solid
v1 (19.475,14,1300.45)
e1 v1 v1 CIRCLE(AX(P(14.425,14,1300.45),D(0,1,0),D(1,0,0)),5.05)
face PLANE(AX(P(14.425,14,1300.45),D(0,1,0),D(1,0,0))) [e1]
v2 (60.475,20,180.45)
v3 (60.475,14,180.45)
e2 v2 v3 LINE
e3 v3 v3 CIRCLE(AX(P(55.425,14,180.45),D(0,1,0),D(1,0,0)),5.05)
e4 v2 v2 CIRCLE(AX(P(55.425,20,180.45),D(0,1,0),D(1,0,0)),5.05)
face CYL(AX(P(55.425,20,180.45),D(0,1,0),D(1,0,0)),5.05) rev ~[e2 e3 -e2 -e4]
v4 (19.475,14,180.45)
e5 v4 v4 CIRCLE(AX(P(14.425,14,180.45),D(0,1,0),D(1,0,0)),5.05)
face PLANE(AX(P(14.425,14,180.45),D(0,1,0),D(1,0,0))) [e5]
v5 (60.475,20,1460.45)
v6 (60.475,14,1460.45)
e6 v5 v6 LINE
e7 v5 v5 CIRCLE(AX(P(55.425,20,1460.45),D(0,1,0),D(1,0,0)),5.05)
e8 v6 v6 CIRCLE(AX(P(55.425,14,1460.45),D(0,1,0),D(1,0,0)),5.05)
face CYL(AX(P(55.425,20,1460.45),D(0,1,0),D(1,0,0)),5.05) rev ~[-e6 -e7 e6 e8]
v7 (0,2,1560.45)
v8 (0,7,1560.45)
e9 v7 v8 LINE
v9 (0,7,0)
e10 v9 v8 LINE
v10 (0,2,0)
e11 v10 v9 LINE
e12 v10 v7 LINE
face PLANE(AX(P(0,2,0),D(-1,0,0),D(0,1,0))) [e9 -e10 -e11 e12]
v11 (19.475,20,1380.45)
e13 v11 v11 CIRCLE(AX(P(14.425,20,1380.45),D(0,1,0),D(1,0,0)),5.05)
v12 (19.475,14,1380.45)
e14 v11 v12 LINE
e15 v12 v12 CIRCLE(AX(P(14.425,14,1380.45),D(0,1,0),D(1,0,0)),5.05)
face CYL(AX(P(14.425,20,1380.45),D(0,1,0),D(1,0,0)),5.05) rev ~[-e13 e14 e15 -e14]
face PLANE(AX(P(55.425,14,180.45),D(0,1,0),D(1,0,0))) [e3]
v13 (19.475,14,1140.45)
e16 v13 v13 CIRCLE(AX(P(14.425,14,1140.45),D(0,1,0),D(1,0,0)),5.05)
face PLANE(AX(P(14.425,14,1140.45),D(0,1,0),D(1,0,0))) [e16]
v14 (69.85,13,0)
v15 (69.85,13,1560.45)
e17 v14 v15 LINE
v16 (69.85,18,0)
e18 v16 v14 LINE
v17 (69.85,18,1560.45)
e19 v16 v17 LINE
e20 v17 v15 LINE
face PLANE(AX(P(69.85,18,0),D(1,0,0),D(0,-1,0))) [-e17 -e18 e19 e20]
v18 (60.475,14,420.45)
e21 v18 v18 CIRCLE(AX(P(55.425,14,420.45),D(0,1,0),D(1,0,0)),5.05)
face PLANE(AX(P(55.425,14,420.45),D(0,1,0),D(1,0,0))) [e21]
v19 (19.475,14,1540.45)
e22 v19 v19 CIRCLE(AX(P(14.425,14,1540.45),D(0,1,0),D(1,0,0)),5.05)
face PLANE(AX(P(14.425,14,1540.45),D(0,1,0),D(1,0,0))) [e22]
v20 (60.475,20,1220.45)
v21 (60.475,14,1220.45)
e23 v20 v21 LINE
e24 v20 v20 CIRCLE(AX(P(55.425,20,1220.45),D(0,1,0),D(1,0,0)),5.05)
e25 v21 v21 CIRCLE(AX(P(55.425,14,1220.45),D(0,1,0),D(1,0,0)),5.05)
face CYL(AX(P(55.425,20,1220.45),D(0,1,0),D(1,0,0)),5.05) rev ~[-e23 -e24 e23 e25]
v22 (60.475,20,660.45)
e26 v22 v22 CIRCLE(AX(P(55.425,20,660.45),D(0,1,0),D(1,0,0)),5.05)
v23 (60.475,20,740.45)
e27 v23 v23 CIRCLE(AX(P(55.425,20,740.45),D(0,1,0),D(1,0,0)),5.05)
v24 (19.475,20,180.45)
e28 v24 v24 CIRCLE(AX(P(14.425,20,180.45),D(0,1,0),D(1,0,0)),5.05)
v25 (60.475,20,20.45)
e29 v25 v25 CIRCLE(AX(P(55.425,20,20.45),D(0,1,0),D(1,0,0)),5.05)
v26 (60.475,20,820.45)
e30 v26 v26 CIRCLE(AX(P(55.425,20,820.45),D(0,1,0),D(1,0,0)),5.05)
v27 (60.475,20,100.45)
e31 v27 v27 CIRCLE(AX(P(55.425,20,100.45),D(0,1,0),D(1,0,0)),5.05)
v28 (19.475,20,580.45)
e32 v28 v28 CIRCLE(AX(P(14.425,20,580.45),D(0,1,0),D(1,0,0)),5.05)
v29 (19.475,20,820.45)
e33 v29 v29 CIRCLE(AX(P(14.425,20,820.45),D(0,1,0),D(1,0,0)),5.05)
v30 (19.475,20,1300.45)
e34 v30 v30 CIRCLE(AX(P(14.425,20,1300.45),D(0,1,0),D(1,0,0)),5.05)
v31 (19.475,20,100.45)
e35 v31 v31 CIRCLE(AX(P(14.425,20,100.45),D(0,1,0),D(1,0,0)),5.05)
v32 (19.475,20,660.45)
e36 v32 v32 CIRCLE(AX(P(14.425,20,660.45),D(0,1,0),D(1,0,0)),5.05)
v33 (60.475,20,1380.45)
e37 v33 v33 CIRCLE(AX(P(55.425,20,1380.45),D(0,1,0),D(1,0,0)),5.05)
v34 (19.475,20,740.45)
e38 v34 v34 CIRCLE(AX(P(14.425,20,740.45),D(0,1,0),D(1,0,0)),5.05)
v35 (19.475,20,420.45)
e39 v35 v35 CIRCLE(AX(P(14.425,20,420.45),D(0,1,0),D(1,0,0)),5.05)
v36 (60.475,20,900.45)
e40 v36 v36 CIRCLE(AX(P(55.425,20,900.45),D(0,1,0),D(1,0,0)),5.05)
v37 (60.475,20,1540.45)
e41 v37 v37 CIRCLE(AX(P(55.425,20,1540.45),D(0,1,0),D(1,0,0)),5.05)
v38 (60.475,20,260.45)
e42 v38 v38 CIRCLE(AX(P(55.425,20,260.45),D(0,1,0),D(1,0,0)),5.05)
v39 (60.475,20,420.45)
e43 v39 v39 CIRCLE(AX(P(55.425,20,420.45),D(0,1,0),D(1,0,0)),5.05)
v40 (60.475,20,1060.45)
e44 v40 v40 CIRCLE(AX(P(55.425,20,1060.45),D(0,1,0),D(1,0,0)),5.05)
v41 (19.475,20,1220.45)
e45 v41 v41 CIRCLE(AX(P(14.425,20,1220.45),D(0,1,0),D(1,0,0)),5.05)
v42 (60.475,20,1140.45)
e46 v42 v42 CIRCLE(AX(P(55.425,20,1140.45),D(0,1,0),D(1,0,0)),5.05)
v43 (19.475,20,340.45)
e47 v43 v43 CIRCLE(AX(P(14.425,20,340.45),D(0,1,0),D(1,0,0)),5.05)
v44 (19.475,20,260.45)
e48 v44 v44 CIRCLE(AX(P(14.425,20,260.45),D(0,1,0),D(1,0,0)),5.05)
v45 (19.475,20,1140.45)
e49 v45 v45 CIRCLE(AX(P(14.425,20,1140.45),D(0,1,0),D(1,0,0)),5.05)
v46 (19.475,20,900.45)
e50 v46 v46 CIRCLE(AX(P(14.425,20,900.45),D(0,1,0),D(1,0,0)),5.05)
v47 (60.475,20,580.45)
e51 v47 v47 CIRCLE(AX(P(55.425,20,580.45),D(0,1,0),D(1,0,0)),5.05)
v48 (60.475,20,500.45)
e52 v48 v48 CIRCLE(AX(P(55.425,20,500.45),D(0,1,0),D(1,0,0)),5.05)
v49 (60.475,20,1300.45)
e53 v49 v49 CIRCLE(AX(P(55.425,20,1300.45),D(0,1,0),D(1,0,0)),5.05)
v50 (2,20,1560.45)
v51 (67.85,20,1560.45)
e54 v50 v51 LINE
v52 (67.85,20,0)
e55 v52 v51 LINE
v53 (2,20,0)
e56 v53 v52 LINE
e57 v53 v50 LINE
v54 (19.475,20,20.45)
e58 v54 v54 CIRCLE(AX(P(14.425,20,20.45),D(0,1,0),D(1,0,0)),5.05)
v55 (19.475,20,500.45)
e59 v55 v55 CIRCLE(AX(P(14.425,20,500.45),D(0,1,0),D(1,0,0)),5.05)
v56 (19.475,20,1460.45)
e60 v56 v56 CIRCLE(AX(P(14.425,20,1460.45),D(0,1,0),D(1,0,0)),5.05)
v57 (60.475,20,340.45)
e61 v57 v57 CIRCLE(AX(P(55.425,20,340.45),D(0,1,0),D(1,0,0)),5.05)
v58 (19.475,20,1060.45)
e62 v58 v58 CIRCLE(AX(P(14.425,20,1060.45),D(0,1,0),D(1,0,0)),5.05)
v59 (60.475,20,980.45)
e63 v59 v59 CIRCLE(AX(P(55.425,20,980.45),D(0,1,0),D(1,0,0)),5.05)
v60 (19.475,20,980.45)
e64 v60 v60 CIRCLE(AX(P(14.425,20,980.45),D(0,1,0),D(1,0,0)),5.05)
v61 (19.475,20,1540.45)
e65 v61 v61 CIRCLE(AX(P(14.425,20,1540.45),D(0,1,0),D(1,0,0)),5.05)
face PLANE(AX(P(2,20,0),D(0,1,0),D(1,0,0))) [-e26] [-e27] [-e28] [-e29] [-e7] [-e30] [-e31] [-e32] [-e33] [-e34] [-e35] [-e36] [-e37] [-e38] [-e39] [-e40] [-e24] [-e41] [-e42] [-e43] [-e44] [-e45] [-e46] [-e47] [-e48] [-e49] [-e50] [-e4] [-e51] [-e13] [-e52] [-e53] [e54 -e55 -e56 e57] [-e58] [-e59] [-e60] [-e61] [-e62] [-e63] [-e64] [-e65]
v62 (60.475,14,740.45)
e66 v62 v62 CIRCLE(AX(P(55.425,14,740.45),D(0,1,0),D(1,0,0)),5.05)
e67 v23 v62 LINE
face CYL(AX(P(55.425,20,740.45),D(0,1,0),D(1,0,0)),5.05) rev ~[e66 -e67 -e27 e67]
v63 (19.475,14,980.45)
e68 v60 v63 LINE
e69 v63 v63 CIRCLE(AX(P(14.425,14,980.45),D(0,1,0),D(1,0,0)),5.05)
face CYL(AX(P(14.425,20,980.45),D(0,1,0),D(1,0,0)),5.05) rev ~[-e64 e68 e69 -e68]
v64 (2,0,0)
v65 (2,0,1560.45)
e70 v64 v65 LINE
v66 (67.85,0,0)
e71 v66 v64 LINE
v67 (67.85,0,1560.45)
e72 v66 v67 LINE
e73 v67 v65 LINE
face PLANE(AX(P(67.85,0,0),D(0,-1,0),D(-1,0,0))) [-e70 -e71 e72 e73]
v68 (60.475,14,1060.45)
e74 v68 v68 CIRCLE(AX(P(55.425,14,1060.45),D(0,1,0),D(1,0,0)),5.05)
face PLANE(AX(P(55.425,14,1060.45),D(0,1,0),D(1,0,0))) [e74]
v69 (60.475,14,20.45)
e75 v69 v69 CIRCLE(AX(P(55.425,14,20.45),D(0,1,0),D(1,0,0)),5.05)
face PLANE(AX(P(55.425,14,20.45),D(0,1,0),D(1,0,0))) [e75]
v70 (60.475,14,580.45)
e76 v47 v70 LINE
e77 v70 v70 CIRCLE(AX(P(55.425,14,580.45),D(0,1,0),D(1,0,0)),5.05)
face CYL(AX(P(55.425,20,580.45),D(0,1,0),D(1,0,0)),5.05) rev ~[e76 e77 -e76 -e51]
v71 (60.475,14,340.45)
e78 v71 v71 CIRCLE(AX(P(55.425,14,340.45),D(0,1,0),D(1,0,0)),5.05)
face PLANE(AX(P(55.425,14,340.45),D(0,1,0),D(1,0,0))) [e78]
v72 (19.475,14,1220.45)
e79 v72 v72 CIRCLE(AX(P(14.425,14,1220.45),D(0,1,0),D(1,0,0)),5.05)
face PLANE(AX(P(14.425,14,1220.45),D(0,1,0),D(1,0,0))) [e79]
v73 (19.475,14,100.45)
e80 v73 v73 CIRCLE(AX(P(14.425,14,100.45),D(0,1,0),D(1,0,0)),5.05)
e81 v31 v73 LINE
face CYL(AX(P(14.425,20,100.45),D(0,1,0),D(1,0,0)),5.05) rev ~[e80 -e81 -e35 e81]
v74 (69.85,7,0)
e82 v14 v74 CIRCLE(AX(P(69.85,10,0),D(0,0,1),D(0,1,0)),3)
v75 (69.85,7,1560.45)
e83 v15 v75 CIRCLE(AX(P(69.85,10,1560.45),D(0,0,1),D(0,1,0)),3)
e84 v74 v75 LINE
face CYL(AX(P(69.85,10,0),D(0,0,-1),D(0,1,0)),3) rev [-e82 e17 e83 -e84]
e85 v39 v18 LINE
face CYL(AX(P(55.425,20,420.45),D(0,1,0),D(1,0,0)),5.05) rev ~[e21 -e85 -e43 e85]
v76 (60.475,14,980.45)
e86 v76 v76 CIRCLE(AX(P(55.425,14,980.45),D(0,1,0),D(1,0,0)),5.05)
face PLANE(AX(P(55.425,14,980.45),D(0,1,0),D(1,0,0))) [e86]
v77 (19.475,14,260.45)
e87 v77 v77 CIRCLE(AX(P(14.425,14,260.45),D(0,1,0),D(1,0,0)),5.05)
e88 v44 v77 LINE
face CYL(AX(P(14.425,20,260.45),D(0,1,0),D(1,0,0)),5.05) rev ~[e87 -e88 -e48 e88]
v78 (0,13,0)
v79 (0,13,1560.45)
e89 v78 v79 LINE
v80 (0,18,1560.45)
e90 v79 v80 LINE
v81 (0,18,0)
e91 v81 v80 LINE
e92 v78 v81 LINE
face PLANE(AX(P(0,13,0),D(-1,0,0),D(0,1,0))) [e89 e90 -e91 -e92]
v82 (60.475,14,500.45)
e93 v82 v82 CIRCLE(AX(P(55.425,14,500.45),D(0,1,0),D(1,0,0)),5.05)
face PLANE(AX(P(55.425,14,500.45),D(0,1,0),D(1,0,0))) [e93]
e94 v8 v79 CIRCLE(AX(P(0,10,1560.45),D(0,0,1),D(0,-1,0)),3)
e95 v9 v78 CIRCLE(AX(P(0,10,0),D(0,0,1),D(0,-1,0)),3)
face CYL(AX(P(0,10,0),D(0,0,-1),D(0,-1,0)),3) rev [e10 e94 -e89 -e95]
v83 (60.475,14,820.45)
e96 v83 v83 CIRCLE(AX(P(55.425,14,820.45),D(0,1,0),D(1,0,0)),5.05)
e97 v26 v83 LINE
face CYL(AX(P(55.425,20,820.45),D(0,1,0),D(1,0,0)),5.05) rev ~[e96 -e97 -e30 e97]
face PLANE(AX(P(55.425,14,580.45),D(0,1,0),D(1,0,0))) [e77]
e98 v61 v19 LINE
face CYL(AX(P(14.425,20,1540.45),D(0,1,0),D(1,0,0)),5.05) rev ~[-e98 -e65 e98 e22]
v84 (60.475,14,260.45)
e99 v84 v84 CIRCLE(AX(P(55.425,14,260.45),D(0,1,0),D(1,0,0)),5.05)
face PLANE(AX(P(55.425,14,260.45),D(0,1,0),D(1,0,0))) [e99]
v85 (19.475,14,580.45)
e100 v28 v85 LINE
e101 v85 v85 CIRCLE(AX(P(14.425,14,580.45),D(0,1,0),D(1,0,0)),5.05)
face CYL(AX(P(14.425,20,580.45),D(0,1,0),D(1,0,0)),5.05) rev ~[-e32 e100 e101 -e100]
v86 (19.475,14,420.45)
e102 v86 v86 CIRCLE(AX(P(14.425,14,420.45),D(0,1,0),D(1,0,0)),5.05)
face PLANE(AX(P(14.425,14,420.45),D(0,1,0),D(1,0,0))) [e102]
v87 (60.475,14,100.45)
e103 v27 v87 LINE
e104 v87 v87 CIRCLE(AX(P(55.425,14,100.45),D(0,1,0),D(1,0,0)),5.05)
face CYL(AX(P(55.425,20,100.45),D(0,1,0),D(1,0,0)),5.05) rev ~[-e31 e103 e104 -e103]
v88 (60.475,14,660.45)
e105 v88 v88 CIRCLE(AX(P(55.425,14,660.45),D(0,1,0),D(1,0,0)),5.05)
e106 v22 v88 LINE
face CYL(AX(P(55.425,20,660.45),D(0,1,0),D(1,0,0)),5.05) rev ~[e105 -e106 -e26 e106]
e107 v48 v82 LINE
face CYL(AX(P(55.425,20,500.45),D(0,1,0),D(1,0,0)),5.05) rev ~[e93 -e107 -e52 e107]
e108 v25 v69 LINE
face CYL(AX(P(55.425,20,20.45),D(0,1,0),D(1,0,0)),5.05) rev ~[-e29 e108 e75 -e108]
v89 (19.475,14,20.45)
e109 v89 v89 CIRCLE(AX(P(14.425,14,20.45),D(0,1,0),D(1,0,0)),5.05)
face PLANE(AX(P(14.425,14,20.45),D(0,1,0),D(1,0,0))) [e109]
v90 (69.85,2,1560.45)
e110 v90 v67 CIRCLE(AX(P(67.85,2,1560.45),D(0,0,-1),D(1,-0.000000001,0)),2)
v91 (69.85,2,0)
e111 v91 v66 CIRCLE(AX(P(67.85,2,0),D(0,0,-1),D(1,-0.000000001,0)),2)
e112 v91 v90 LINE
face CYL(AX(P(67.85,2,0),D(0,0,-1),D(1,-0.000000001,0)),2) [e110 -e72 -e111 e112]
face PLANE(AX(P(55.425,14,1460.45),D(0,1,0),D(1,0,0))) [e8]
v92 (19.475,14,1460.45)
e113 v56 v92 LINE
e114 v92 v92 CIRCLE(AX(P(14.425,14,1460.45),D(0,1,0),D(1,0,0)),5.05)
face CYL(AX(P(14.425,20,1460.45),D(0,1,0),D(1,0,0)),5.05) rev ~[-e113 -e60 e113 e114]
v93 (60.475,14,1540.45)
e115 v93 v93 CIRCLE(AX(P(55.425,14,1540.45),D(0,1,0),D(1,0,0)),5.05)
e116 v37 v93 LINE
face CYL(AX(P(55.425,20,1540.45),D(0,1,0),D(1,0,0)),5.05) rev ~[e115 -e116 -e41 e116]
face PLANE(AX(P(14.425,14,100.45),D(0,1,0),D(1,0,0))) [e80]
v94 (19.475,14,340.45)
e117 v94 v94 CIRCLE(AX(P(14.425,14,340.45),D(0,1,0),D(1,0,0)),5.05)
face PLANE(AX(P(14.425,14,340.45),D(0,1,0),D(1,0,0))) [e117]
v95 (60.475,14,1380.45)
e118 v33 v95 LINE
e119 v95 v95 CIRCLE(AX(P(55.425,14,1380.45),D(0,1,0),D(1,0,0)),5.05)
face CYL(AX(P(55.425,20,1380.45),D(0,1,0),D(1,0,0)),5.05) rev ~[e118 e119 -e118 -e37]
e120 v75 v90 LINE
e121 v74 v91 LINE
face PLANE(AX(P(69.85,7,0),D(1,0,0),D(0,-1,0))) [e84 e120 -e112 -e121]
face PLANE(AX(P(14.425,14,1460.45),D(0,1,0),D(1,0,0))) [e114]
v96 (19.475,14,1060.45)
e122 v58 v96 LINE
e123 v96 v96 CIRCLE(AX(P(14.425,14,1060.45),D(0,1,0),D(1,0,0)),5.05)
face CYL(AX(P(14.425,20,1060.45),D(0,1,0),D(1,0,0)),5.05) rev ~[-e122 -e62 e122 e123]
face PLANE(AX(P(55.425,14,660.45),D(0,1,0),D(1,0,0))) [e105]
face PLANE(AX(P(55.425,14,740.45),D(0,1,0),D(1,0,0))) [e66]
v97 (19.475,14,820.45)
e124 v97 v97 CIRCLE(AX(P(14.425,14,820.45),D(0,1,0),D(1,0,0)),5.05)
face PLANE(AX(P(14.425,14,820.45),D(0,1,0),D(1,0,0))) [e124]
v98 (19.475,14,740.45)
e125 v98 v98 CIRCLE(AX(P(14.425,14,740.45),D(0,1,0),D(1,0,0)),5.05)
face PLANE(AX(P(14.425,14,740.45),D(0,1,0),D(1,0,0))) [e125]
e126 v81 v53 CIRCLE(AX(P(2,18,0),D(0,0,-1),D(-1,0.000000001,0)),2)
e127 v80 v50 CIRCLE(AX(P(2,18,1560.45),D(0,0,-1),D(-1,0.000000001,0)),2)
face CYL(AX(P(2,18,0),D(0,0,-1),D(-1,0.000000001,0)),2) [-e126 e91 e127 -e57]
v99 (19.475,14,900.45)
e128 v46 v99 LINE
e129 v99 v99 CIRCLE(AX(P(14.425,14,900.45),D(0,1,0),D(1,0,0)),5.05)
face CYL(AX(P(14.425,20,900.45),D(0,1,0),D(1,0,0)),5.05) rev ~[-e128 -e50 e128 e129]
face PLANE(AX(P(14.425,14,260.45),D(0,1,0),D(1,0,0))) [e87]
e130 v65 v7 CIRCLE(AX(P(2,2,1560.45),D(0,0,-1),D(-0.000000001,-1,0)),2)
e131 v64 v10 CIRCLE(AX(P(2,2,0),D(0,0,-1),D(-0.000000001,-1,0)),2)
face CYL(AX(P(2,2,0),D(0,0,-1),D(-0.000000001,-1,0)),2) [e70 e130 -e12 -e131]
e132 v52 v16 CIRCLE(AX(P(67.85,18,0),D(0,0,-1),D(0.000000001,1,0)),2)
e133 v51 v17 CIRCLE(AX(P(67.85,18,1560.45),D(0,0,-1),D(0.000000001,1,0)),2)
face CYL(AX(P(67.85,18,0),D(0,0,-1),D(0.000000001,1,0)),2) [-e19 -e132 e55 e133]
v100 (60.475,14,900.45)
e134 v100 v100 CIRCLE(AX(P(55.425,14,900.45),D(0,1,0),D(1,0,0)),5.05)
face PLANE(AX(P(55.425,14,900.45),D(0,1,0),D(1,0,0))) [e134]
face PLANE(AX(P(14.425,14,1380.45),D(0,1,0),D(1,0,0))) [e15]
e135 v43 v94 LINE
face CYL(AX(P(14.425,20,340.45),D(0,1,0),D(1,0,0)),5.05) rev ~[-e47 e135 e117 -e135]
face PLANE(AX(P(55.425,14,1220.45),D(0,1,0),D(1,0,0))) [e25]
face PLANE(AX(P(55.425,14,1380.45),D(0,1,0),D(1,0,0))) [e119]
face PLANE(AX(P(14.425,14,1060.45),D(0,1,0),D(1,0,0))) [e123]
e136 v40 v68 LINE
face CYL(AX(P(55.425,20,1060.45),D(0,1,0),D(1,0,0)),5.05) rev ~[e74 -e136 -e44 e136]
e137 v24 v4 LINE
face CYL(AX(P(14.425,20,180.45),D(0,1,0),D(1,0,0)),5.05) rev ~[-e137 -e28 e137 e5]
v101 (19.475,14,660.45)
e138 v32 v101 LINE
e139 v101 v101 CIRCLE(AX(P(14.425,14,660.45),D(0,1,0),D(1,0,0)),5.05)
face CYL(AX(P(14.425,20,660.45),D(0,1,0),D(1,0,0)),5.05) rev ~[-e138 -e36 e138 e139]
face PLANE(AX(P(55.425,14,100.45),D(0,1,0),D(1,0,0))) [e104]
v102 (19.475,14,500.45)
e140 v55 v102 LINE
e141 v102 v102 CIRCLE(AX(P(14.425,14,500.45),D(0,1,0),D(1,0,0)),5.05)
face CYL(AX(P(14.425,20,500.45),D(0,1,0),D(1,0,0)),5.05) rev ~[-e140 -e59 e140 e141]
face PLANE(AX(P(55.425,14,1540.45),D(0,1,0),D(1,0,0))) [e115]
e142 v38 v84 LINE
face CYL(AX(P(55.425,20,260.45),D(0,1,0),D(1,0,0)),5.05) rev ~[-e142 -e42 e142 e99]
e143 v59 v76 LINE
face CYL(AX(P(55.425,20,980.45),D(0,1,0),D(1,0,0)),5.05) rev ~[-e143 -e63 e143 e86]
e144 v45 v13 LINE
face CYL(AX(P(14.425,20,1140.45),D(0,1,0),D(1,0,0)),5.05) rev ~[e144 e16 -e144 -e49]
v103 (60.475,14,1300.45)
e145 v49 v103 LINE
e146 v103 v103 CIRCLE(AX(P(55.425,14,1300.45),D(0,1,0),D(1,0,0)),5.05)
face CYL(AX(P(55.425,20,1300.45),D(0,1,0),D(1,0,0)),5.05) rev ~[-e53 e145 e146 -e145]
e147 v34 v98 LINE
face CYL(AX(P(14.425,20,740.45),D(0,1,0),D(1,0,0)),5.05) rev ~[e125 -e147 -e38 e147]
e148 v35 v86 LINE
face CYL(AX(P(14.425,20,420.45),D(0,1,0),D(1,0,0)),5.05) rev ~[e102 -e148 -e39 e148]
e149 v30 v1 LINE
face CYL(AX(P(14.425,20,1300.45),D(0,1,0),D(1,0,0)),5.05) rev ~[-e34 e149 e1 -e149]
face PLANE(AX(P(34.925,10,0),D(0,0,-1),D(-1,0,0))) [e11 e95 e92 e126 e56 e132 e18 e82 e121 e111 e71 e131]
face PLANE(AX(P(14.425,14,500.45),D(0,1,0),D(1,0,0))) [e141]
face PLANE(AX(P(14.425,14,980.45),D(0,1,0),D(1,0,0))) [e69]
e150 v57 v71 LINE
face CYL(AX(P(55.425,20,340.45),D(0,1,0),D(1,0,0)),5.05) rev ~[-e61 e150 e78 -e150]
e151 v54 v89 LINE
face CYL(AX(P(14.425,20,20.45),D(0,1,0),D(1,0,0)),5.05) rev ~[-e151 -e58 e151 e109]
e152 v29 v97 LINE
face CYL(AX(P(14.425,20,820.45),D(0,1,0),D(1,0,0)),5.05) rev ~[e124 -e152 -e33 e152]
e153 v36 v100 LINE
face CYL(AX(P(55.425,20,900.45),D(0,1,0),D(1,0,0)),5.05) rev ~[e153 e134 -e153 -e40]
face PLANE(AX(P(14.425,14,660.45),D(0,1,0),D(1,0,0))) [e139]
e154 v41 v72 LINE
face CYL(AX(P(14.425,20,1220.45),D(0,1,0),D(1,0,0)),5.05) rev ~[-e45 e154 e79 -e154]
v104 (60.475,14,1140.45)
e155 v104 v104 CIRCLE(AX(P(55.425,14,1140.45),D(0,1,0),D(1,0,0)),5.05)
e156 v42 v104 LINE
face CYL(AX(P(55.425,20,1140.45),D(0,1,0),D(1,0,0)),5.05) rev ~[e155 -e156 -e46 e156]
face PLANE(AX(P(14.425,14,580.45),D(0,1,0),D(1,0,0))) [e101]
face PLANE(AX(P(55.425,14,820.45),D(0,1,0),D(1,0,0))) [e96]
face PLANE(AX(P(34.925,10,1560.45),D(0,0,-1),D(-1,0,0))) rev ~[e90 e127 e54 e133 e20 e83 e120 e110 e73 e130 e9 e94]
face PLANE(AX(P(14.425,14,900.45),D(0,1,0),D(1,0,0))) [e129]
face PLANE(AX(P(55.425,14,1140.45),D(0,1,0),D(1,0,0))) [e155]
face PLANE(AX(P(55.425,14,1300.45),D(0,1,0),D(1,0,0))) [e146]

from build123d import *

# Parameters (mm, degrees)
BOSS_EXTRUDE1_DEPTH = 1560.45
SKETCH2_R           = 5.05
CUT_EXTRUDE1_DEPTH  = 6
LPATTERN1_COUNT     = 20
LPATTERN1_PITCH     = 80


with BuildPart() as part:
    # Sketch1 → Boss-Extrude1 (new body)
    with BuildSketch(Plane.XY):
        with BuildLine():
            Line((0, 13), (0, 18))
            ThreePointArc((0, 18), (0.585786438, 19.414213562), (2, 20))
            Line((2, 20), (67.85, 20))
            ThreePointArc((67.85, 20), (69.264213562, 19.414213562), (69.85, 18))
            Line((69.85, 18), (69.85, 13))
            ThreePointArc((69.85, 13), (66.85, 10), (69.85, 7))
            Line((69.85, 7), (69.85, 2))
            ThreePointArc((69.85, 2), (69.264213562, 0.585786438), (67.85, 0))
            Line((67.85, 0), (2, 0))
            ThreePointArc((2, 0), (0.585786438, 0.585786438), (0, 2))
            Line((0, 2), (0, 7))
            ThreePointArc((0, 7), (3, 10), (0, 13))
        make_face()
    extrude(amount=BOSS_EXTRUDE1_DEPTH)

    # Sketch2 → Cut-Extrude1 (cut)
    with BuildSketch(Plane(origin=(0, 20, 0), x_dir=(1, 0, 0), z_dir=(0, 1, 0))):
        with Locations((14.425, -1540.45)):
            Circle(SKETCH2_R)
        with Locations((55.425, -1540.45)):
            Circle(SKETCH2_R)
    cut_extrude1 = extrude(amount=-CUT_EXTRUDE1_DEPTH, mode=Mode.SUBTRACT)

    # LPattern1: Cut-Extrude1 ×20
    with Locations(*[(0, 0, -i * LPATTERN1_PITCH) for i in range(1, LPATTERN1_COUNT)]):
        add(cut_extrude1, mode=Mode.SUBTRACT)


solid = part.part
